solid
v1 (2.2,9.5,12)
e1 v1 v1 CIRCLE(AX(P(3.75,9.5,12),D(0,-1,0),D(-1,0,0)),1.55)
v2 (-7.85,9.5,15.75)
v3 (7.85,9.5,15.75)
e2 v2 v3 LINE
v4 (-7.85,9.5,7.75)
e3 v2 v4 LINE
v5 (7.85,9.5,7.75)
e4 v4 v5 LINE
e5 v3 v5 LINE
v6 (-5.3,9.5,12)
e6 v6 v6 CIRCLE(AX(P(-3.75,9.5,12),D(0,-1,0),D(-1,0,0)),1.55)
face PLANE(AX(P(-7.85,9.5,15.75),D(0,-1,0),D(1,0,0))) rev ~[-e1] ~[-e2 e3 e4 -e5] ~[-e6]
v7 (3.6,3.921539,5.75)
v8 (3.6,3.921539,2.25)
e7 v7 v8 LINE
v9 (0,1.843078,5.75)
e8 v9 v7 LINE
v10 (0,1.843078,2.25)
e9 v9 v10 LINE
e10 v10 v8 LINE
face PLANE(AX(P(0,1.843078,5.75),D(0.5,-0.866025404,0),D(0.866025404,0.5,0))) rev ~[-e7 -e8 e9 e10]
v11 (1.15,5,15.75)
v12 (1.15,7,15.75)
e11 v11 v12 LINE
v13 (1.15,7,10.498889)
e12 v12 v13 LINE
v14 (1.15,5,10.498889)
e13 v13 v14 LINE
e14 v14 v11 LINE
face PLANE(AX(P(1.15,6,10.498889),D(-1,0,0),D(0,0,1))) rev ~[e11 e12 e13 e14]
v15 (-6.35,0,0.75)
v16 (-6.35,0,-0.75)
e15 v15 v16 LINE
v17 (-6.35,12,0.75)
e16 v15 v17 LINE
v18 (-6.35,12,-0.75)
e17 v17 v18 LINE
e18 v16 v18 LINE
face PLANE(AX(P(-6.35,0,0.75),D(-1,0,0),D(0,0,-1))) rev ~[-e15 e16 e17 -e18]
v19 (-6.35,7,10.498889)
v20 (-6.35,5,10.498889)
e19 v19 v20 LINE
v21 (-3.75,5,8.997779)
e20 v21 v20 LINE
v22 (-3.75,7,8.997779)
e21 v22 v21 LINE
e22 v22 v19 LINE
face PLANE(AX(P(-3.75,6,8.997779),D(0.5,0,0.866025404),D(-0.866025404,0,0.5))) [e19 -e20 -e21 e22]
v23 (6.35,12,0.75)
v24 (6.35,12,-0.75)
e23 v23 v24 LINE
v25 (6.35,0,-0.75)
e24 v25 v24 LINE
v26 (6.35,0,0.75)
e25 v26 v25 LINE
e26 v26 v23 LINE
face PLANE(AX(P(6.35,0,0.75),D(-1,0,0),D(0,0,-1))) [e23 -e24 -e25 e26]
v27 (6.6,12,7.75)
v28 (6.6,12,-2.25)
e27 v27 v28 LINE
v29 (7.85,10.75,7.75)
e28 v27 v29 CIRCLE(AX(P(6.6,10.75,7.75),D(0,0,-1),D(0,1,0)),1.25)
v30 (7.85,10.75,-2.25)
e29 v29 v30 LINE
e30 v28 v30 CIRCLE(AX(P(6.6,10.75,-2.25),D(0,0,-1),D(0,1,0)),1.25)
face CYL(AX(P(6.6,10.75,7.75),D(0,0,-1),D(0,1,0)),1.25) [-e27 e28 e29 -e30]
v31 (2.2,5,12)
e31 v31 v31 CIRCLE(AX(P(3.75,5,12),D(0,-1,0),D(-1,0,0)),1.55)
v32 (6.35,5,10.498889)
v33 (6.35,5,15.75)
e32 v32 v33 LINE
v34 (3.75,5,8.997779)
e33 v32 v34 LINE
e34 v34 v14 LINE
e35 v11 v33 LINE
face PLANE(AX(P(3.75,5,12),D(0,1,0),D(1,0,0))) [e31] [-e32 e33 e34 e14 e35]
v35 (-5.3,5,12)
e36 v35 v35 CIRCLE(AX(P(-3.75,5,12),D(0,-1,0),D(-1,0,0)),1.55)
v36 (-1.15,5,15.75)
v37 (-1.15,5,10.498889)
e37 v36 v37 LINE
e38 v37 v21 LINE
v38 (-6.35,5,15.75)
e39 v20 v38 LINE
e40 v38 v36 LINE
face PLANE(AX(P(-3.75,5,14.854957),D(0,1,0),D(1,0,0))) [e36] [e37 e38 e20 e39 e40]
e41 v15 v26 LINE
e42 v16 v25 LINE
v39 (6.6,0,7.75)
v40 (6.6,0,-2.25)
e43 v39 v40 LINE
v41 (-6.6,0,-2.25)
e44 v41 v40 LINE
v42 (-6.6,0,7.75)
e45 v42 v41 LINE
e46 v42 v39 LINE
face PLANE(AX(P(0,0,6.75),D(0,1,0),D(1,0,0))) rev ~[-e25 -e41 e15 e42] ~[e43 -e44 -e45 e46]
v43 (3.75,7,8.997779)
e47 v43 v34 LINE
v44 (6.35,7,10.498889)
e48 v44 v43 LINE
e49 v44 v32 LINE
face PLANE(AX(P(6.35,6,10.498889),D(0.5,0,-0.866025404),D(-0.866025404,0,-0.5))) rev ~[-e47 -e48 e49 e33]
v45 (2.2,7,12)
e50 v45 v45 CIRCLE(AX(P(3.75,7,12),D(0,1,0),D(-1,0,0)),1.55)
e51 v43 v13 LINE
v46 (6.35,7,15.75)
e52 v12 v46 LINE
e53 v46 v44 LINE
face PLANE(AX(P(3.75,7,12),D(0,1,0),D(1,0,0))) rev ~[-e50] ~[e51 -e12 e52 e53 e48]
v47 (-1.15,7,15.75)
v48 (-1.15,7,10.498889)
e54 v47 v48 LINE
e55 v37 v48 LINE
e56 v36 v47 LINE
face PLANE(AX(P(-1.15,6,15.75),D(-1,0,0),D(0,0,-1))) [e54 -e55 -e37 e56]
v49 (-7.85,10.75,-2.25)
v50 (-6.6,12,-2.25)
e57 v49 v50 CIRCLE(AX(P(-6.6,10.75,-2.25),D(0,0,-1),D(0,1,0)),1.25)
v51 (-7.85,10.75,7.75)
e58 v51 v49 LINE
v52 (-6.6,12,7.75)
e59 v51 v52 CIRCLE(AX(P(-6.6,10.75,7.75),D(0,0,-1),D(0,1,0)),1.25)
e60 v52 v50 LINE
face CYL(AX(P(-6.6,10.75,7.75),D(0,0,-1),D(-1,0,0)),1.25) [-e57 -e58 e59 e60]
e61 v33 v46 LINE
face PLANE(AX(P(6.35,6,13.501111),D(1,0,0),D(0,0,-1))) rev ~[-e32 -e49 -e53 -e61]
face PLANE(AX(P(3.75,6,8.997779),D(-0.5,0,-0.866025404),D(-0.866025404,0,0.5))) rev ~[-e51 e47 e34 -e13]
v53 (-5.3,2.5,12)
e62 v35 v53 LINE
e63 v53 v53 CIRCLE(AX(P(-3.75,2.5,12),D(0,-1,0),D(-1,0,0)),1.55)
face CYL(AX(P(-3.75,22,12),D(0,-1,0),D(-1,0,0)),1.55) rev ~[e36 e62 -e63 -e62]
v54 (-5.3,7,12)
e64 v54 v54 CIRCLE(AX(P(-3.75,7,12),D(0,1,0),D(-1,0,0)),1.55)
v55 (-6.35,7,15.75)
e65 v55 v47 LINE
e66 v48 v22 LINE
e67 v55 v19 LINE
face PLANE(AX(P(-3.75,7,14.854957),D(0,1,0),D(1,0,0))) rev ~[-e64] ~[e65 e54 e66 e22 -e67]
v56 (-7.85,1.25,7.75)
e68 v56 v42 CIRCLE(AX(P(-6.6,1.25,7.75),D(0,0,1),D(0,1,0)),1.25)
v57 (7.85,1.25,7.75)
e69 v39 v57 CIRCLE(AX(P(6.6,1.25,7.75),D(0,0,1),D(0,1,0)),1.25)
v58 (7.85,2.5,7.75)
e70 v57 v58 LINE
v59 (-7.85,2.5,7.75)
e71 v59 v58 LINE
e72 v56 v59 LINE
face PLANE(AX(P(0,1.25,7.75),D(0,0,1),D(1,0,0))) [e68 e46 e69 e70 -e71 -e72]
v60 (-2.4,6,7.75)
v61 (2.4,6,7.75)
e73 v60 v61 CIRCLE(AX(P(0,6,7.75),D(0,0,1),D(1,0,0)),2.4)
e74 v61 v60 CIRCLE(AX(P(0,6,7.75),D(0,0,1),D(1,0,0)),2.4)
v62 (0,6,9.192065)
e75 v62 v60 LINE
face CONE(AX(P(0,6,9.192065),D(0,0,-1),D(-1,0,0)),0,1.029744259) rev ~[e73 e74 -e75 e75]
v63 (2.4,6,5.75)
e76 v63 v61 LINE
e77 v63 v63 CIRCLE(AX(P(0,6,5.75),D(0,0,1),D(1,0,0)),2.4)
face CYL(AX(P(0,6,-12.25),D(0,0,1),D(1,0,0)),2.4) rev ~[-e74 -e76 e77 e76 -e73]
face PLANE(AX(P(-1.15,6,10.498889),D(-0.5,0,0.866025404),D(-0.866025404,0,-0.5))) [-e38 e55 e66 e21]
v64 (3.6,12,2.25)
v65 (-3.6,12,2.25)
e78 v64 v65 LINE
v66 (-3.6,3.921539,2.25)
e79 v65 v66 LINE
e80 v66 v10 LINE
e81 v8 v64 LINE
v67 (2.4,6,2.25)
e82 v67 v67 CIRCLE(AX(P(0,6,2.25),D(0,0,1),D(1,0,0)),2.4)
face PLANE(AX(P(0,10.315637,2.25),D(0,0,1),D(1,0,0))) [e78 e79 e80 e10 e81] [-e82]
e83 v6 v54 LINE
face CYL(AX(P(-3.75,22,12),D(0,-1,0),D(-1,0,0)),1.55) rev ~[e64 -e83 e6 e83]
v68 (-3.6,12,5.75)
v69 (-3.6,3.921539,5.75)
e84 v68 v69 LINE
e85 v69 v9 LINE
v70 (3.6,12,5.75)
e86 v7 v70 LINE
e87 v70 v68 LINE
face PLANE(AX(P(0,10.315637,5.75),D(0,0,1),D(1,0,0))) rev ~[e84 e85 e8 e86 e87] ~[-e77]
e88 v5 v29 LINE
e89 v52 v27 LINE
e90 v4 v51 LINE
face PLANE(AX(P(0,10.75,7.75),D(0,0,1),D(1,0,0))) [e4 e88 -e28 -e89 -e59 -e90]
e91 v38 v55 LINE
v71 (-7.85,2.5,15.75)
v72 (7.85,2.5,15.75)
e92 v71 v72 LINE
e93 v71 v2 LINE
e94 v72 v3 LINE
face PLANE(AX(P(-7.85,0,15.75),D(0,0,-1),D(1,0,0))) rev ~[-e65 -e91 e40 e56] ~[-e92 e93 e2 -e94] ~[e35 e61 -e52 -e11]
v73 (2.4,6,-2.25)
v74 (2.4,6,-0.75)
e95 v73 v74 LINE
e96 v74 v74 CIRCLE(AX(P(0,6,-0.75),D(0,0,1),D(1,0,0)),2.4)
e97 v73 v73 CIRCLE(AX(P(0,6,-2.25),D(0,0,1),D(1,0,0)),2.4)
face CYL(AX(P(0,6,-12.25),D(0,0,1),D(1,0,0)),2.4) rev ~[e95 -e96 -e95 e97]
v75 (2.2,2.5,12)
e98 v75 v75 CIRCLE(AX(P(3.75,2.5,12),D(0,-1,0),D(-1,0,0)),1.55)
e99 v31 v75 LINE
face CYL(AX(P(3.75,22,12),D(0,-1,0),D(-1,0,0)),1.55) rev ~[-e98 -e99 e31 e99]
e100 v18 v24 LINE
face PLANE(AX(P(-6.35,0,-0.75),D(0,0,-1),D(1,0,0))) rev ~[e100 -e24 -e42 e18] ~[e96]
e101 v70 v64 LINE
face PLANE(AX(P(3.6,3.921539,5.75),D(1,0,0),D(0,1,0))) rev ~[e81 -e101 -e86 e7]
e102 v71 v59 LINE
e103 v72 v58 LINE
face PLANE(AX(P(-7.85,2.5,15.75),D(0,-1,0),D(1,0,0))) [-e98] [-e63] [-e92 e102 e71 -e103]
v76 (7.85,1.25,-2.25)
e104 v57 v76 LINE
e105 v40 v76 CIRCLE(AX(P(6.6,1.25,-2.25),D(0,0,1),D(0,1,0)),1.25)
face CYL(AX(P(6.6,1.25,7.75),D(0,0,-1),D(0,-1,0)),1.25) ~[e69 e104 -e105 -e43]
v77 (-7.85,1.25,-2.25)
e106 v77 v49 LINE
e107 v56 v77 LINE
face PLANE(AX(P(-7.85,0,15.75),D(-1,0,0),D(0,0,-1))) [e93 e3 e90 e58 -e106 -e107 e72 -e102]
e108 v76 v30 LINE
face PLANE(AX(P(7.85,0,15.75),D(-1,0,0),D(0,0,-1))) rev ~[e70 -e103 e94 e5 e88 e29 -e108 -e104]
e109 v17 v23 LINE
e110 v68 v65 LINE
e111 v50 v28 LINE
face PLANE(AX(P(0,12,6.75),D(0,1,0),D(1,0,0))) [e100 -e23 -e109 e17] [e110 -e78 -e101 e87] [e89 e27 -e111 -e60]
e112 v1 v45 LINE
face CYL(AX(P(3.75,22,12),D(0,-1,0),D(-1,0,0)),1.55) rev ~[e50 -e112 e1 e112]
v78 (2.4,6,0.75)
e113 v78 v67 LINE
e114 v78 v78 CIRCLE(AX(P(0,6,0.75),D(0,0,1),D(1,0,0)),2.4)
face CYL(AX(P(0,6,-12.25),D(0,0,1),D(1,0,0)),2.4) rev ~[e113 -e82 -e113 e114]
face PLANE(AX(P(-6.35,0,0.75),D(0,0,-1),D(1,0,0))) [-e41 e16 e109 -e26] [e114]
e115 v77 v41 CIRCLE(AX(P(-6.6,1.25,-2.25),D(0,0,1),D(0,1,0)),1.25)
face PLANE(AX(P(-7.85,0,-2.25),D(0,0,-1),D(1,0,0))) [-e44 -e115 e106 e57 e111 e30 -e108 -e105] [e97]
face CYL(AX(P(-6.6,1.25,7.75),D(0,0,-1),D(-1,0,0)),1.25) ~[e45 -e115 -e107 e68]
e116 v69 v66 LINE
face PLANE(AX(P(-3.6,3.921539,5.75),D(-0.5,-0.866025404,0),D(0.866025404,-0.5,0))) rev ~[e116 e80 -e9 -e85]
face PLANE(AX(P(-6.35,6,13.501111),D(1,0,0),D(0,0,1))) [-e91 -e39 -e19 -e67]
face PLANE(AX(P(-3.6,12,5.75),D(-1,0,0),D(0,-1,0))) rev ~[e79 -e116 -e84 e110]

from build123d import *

# Parameters (mm, degrees)
SKETCH1_W                  = 15.7
SKETCH1_H                  = 18
SKETCH1_W_2                = 12.7
SKETCH1_H_2                = 1.5
BOSS_EXTRUDE1_DEPTH        = 12
CUT_EXTRUDE1_START         = -10
CUT_EXTRUDE1_DEPTH         = 3.5
M4_CLEARANCE_HOLE2_D       = 4.8
M4_CLEARANCE_HOLE2_DEPTH   = 10
M4_CLEARANCE_HOLE2_TIP     = 1.442065486
M2_5_CLEARANCE_HOLE1_D     = 3.1
M2_5_CLEARANCE_HOLE1_DEPTH = 10
M2_5_CLEARANCE_HOLE1_TIP   = 0.931333959
CUT_EXTRUDE3_START         = -6
SKETCH9_R                  = 1.55
CUT_EXTRUDE3_DEPTH         = 1
SKETCH14_W                 = 15.7
SKETCH14_H                 = 2.5
CUT_EXTRUDE5_DEPTH         = 8
FILLET1_R                  = 1.25


with BuildPart() as part:
    # Sketch1 → Boss-Extrude1 (new body)
    with BuildSketch(Plane(origin=(0, 0, 0), x_dir=(1, 0, 0), z_dir=(0, 1, 0))):
        with Locations((0, -6.75)):
            Rectangle(SKETCH1_W, SKETCH1_H)
        Rectangle(SKETCH1_W_2, SKETCH1_H_2, mode=Mode.SUBTRACT)
    extrude(amount=BOSS_EXTRUDE1_DEPTH)

    # Sketch2 → Cut-Extrude1 (cut)
    with BuildSketch(Plane.XY.offset(15.75).offset(CUT_EXTRUDE1_START)):
        Polygon((3.6, 12), (-3.6, 12), (-3.6, 8.078460969), (0, 10.156921938), (3.6, 8.078460969), align=None)
        Polygon((-3.6, 3.921539031), (0, 1.843078062), (3.6, 3.921539031), (3.6, 8.078460969), (0, 10.156921938), (-3.6, 8.078460969), align=None)
    extrude(amount=-CUT_EXTRUDE1_DEPTH, mode=Mode.SUBTRACT)

    # M4 Clearance Hole2
    with Locations(Plane(origin=(0, 0, -2.25), x_dir=(-1, 0, 0), z_dir=(0, 0, -1))):
        with Locations((0, 6)):
            Hole(M4_CLEARANCE_HOLE2_D / 2, depth=M4_CLEARANCE_HOLE2_DEPTH)
            with Locations((0, 0, -(M4_CLEARANCE_HOLE2_DEPTH + M4_CLEARANCE_HOLE2_TIP / 2))):  # 118° drill point
                Cone(0, M4_CLEARANCE_HOLE2_D / 2, M4_CLEARANCE_HOLE2_TIP, mode=Mode.SUBTRACT)

    # M2.5 Clearance Hole1
    with Locations(Plane(origin=(0, 12, 0), x_dir=(1, 0, 0), z_dir=(0, 1, 0))):
        with Locations((3.75, -12), (-3.75, -12)):
            Hole(M2_5_CLEARANCE_HOLE1_D / 2, depth=M2_5_CLEARANCE_HOLE1_DEPTH)
            with Locations((0, 0, -(M2_5_CLEARANCE_HOLE1_DEPTH + M2_5_CLEARANCE_HOLE1_TIP / 2))):  # 118° drill point
                Cone(0, M2_5_CLEARANCE_HOLE1_D / 2, M2_5_CLEARANCE_HOLE1_TIP, mode=Mode.SUBTRACT)

    # Sketch9 → Cut-Extrude3 (cut, symmetric)
    # profile 1 of 4: a face of its own
    with BuildSketch(Plane(origin=(0, 12, 0), x_dir=(1, 0, 0), z_dir=(0, 1, 0)).offset(CUT_EXTRUDE3_START)):
        Polygon((-3.75, -15.0022214), (-6.35, -13.5011107), (-6.35, -15.75), (-1.15, -15.75), (-1.15, -13.5011107), align=None)
    # profile 2 of 4: a face of its own
    with BuildSketch(Plane(origin=(0, 12, 0), x_dir=(1, 0, 0), z_dir=(0, 1, 0)).offset(CUT_EXTRUDE3_START)):
        Polygon((-6.35, -13.5011107), (-3.75, -15.0022214), (-1.15, -13.5011107), (-1.15, -10.4988893), (-3.75, -8.9977786), (-6.35, -10.4988893), align=None)
        with Locations(Location((-3.75, -12, 0), (0, 0, 270))):
            Circle(SKETCH9_R, mode=Mode.SUBTRACT)
    # profile 3 of 4: a face of its own
    with BuildSketch(Plane(origin=(0, 12, 0), x_dir=(1, 0, 0), z_dir=(0, 1, 0)).offset(CUT_EXTRUDE3_START)):
        Polygon((1.15, -13.5011107), (1.15, -15.75), (6.35, -15.75), (6.35, -13.5011107), (3.75, -15.0022214), align=None)
    # profile 4 of 4: a face of its own
    with BuildSketch(Plane(origin=(0, 12, 0), x_dir=(1, 0, 0), z_dir=(0, 1, 0)).offset(CUT_EXTRUDE3_START)):
        Polygon((1.15, -13.5011107), (3.75, -15.0022214), (6.35, -13.5011107), (6.35, -10.4988893), (3.75, -8.9977786), (1.15, -10.4988893), align=None)
        with Locations(Location((3.75, -12, 0), (0, 0, 270))):
            Circle(SKETCH9_R, mode=Mode.SUBTRACT)
    extrude(amount=CUT_EXTRUDE3_DEPTH, both=True, mode=Mode.SUBTRACT)

    # Sketch14 → Cut-Extrude5 (cut)
    with BuildSketch(Plane.XY.offset(15.75)):
        with Locations((0, 1.25)):
            Rectangle(SKETCH14_W, SKETCH14_H)
        with Locations((0, 10.75)):
            Rectangle(SKETCH14_W, SKETCH14_H)
    extrude(amount=-CUT_EXTRUDE5_DEPTH, mode=Mode.SUBTRACT)

    # Fillet1
    fillet1_edges = [part.edges().sort_by_distance(p)[0] for p in [
        (7.85, 0, 2.75),
        (7.85, 12, 2.75),
        (-7.85, 12, 2.75),
        (-7.85, 0, 2.75),
    ]]
    fillet(fillet1_edges, radius=FILLET1_R)


solid = part.part
